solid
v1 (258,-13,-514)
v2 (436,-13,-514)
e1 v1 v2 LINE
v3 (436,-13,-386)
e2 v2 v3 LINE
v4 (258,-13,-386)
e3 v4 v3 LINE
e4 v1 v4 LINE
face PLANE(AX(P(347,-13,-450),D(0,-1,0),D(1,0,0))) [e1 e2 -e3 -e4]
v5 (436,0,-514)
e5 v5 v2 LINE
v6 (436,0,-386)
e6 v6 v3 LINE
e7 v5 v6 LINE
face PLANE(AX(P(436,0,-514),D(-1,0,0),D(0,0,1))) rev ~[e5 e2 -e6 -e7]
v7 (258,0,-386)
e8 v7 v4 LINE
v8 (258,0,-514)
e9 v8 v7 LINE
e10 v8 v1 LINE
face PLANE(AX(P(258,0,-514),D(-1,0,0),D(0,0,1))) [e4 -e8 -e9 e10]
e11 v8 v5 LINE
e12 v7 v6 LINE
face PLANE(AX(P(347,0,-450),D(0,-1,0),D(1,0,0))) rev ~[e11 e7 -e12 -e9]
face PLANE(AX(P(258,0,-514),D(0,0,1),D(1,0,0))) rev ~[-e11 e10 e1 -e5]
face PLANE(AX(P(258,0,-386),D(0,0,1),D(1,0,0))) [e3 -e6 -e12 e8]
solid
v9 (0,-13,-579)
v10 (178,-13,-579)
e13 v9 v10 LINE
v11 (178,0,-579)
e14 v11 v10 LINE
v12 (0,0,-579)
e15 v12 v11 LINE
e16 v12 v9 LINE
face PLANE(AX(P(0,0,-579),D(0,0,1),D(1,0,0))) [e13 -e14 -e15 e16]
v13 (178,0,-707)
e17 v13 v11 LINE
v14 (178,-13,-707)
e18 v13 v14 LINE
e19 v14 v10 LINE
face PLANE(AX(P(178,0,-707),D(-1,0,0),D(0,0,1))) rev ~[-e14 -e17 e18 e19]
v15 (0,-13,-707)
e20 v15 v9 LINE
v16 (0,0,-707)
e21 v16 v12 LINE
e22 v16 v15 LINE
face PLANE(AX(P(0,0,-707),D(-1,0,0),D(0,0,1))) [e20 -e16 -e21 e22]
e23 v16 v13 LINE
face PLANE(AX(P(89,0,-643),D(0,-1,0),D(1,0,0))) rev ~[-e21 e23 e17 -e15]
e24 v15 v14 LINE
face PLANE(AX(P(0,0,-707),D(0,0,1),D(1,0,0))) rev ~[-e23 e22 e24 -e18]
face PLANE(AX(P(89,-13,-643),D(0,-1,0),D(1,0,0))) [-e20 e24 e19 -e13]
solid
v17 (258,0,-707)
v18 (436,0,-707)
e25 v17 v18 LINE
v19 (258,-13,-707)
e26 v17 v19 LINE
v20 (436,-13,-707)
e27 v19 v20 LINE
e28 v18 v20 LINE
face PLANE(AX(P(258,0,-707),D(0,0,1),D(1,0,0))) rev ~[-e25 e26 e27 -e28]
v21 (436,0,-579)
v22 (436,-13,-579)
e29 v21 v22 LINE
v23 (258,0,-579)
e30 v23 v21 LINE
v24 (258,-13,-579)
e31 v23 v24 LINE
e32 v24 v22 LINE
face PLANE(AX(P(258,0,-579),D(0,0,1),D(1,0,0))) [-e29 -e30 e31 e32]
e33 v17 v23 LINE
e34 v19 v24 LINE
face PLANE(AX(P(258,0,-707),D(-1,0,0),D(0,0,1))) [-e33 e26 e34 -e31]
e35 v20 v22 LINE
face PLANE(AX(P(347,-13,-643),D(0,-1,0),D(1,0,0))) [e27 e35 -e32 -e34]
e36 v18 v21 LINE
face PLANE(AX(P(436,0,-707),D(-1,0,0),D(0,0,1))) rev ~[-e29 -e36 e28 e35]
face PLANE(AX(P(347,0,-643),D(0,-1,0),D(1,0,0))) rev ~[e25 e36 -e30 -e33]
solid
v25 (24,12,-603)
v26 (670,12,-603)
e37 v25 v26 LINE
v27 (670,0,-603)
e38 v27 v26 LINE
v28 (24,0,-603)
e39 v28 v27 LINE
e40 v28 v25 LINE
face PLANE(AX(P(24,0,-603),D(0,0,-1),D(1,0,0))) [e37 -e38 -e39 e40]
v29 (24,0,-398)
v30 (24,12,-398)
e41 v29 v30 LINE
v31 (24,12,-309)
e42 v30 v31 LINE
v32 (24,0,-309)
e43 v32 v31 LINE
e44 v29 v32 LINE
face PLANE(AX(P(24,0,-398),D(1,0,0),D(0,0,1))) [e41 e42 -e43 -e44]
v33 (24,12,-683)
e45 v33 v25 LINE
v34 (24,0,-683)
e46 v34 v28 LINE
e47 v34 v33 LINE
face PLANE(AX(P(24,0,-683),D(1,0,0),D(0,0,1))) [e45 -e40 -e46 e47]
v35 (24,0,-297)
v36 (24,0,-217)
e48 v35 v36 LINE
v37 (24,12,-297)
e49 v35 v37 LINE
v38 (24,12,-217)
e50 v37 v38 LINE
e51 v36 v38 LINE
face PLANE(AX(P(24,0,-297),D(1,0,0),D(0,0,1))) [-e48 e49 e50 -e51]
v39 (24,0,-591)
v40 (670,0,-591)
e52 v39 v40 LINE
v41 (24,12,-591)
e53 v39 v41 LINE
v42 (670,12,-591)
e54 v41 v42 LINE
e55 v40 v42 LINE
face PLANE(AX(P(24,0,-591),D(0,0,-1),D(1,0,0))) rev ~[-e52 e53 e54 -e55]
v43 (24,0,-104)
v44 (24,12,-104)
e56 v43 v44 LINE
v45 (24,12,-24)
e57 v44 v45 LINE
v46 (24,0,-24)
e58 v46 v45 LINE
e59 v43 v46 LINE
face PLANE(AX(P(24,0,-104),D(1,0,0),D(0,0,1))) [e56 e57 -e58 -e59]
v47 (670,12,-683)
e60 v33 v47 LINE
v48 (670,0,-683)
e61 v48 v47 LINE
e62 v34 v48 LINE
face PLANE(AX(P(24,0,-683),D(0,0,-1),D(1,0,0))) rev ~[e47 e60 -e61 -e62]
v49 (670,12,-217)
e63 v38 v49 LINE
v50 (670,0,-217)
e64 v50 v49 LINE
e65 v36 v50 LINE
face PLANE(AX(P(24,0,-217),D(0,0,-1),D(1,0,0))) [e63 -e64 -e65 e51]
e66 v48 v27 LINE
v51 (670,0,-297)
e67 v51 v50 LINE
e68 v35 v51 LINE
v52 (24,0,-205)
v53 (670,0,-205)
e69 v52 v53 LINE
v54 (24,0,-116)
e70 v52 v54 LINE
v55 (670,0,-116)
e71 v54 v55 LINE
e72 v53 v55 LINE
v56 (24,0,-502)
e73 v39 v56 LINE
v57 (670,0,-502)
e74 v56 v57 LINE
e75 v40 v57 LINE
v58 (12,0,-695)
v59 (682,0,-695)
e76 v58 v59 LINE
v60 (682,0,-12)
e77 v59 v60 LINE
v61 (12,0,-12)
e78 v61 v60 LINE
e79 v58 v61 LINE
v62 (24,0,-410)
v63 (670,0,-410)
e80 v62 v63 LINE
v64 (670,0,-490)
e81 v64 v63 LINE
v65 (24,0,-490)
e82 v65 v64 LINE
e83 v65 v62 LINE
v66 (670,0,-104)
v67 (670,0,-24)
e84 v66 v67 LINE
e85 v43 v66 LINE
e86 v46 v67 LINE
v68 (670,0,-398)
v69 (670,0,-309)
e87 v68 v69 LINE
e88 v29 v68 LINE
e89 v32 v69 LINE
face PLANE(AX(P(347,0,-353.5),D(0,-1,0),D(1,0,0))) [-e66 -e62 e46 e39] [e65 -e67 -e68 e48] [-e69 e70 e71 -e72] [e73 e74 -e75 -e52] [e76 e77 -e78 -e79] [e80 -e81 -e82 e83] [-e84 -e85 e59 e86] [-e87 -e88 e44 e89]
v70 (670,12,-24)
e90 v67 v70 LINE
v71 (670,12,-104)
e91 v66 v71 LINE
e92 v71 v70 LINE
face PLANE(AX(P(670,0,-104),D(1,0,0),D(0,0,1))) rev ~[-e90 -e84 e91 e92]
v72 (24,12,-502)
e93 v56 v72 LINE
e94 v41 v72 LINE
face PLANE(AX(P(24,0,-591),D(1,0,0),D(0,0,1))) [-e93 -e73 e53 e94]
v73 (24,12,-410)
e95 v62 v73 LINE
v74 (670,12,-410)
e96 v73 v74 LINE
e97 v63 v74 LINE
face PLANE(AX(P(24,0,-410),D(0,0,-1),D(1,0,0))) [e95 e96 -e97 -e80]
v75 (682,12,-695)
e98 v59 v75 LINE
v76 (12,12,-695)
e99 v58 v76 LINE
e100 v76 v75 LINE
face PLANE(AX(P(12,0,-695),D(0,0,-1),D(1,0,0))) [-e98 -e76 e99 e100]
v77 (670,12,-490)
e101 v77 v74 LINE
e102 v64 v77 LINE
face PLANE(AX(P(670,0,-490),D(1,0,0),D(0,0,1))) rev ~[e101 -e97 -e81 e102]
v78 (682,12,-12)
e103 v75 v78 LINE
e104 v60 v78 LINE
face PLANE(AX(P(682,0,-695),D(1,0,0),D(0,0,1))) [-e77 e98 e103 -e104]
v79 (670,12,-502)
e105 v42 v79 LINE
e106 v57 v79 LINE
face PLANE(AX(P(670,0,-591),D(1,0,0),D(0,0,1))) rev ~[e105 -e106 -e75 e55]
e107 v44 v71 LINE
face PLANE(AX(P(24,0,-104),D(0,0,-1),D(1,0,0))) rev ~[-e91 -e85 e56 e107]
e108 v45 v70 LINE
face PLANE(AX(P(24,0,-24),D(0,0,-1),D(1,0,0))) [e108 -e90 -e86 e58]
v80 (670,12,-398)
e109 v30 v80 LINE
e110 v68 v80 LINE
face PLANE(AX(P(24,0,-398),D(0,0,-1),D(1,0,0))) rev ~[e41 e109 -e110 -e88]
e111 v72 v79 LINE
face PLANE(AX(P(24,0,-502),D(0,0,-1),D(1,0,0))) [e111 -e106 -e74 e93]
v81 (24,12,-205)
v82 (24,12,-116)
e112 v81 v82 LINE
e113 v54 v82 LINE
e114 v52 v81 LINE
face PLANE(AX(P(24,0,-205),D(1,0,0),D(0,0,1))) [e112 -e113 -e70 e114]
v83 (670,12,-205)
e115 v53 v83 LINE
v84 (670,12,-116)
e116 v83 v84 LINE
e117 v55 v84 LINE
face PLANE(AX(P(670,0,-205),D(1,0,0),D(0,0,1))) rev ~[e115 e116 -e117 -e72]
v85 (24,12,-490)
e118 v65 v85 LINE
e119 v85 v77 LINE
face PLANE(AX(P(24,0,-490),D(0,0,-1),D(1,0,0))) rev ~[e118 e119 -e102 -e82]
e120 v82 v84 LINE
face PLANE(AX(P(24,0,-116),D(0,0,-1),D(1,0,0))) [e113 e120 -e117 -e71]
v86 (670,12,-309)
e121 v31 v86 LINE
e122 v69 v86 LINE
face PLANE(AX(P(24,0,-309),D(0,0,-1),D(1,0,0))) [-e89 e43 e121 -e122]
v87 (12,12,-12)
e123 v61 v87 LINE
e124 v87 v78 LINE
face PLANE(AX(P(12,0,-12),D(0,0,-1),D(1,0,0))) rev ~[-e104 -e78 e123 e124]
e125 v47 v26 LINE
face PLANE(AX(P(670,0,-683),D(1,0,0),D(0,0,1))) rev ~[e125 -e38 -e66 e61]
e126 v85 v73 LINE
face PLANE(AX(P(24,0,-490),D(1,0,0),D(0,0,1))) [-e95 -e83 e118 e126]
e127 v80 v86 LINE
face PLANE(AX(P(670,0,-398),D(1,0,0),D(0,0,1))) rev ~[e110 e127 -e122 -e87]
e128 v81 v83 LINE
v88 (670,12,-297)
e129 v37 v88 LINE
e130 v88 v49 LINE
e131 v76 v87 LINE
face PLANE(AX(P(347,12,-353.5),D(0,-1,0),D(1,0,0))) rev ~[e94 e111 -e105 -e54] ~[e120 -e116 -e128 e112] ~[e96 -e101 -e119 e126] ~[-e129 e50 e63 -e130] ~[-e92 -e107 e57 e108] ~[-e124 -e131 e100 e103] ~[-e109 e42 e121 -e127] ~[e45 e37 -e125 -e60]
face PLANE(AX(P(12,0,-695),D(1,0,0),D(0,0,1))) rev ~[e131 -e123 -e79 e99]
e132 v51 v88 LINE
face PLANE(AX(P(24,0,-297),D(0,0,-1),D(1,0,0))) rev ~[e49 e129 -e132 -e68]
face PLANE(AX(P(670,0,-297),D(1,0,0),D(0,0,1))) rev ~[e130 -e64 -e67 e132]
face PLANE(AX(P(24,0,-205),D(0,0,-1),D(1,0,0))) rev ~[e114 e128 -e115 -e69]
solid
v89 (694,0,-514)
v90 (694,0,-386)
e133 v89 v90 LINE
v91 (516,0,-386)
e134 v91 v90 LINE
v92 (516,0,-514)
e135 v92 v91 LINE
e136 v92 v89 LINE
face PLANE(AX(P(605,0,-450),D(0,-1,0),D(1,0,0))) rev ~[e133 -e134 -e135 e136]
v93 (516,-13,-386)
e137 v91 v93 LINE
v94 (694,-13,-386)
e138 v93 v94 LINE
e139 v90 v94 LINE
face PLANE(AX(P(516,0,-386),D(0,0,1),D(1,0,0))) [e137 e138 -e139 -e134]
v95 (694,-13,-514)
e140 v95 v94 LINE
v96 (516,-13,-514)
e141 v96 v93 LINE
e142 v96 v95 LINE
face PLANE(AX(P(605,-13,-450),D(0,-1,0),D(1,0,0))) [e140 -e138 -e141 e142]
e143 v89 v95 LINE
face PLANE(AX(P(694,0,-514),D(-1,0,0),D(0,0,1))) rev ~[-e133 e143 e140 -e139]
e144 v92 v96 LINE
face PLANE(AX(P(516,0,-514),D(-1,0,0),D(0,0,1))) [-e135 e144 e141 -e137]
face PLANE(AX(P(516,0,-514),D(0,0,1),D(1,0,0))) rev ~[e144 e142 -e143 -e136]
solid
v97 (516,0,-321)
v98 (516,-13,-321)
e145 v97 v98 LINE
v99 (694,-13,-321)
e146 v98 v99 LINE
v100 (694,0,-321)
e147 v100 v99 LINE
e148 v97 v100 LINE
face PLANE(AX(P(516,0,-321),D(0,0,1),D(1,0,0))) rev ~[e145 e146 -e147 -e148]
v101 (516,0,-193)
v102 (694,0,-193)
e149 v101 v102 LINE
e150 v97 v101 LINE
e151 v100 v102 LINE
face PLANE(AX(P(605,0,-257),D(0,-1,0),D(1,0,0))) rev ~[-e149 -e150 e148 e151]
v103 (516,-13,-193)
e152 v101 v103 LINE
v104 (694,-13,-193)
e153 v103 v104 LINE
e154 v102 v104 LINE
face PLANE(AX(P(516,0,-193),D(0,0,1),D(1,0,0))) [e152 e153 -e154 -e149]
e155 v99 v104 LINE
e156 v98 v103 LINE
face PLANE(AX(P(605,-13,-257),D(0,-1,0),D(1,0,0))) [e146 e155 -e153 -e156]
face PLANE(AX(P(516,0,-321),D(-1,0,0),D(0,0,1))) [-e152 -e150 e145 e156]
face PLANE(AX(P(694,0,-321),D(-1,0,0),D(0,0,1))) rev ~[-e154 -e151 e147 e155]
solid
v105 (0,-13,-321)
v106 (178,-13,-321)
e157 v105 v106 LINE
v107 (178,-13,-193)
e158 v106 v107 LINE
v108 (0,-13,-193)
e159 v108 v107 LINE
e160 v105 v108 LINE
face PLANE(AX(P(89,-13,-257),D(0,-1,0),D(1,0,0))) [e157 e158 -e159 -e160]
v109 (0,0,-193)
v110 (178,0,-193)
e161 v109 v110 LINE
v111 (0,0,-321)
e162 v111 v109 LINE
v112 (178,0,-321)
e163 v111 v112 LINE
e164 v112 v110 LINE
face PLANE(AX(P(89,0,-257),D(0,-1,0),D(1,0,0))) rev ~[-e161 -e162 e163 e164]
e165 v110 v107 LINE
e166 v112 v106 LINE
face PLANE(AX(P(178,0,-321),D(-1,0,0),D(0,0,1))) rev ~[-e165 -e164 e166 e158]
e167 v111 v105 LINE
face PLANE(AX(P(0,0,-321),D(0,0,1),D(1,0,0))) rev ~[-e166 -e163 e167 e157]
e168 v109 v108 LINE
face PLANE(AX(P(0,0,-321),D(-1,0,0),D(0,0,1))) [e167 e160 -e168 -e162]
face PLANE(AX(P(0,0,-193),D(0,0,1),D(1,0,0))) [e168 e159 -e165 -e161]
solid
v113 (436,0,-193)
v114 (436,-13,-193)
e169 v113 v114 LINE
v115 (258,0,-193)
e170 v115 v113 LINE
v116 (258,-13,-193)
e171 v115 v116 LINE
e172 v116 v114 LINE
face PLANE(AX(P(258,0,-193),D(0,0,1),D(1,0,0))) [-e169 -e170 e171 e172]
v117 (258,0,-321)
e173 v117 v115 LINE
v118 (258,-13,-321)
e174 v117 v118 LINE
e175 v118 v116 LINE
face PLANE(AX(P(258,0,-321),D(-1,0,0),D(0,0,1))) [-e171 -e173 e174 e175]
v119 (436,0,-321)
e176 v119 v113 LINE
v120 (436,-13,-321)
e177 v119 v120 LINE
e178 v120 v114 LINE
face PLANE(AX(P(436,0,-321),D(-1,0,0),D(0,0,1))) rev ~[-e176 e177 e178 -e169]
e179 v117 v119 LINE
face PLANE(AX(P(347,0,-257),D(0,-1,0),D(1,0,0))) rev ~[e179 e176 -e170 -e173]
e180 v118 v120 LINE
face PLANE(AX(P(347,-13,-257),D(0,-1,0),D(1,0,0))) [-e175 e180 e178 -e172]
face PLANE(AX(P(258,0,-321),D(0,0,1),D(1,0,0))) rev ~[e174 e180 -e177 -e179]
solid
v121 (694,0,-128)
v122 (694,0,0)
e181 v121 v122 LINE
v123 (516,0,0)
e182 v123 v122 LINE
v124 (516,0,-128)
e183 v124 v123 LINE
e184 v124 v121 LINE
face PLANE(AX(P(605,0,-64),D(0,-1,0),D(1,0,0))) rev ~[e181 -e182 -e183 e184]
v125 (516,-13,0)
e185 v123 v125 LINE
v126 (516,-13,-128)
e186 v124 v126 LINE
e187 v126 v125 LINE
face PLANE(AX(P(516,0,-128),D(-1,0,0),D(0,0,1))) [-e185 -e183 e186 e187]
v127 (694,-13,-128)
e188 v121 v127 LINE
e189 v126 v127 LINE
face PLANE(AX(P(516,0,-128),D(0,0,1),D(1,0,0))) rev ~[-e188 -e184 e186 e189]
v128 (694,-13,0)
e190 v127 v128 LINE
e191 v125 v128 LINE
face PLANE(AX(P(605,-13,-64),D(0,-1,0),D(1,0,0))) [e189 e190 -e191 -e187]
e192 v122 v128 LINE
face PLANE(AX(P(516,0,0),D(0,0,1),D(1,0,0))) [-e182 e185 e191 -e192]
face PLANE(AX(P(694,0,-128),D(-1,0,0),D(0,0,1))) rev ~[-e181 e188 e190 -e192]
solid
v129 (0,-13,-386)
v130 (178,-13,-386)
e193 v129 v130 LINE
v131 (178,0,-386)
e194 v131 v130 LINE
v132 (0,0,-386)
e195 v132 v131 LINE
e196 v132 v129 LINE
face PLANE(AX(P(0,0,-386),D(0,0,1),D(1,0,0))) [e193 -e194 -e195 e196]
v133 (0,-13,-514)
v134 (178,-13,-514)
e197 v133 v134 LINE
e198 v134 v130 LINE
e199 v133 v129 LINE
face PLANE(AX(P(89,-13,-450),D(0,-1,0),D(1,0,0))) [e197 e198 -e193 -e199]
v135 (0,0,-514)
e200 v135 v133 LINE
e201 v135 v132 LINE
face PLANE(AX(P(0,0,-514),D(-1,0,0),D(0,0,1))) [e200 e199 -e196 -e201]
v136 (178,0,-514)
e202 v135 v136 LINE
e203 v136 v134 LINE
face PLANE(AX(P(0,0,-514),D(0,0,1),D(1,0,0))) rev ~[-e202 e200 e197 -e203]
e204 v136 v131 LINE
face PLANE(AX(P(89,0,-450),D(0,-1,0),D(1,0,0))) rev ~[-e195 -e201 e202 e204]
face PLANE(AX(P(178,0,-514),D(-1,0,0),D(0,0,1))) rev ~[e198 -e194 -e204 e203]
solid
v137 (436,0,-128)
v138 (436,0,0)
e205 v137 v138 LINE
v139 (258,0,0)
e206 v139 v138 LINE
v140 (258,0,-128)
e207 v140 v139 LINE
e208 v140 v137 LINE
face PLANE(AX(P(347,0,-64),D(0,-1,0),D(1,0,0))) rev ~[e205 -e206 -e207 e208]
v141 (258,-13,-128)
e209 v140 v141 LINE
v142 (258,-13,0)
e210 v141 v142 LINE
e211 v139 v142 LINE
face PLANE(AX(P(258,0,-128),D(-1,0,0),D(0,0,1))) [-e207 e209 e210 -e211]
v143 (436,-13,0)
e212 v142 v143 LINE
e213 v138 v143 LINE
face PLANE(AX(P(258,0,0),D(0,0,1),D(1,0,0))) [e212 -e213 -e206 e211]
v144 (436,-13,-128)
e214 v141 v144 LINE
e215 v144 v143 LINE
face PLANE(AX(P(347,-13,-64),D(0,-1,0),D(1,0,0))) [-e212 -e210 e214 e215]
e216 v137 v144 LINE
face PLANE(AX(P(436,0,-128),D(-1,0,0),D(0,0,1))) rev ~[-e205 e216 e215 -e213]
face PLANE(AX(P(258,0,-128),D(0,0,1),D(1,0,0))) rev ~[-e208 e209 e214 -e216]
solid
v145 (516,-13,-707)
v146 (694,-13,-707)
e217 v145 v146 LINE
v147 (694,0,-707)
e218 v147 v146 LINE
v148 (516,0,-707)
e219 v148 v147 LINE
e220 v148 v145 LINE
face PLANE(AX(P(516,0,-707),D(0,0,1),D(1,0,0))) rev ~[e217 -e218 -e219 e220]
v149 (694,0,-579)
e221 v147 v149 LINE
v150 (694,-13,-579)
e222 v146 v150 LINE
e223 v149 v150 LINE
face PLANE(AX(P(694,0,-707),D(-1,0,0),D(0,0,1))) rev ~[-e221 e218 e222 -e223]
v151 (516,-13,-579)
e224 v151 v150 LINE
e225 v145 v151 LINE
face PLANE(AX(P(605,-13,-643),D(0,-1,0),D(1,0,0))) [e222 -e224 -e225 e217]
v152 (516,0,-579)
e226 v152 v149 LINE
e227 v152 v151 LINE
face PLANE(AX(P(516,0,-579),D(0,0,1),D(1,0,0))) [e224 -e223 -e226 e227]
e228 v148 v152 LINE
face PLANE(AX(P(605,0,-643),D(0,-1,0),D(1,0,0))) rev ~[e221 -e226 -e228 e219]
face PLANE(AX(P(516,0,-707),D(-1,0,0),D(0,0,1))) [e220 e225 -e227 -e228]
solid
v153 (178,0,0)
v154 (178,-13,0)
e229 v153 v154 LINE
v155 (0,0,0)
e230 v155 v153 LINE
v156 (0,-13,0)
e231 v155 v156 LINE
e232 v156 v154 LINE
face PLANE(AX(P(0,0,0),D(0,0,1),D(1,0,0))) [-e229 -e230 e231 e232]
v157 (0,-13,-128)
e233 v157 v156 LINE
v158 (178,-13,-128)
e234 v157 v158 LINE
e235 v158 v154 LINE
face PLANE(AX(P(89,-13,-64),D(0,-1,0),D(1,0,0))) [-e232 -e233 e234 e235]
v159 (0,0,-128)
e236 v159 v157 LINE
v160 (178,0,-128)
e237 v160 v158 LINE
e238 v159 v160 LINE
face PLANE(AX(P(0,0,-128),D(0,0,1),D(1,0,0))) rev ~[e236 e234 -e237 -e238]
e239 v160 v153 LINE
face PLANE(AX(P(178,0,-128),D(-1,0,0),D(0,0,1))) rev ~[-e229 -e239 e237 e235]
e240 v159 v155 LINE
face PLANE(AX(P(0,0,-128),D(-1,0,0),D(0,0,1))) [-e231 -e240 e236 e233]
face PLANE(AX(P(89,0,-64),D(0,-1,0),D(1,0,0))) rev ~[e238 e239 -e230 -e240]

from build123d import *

# Parameters (mm, degrees)
F0_W     = 670
F0_H     = 683
F0_W_2   = 646
F0_H_2   = 80
F0_H_3   = 89
F1_DEPTH = 12
F2_W     = 178
F2_H     = 128
F3_DEPTH = 13


with BuildPart() as f1:
    # F0 (on Front) → F1 (new body)
    with BuildSketch(Plane.XZ):
        with Locations((347, -353.5)):
            Rectangle(F0_W, F0_H)
        with Locations((347, -643)):
            Rectangle(F0_W_2, F0_H_2, mode=Mode.SUBTRACT)
        with Locations((347, -546.5)):
            Rectangle(F0_W_2, F0_H_3, mode=Mode.SUBTRACT)
        with Locations((347, -450)):
            Rectangle(F0_W_2, F0_H_2, mode=Mode.SUBTRACT)
        with Locations((347, -353.5)):
            Rectangle(F0_W_2, F0_H_3, mode=Mode.SUBTRACT)
        with Locations((347, -257)):
            Rectangle(F0_W_2, F0_H_2, mode=Mode.SUBTRACT)
        with Locations((347, -160.5)):
            Rectangle(F0_W_2, F0_H_3, mode=Mode.SUBTRACT)
        with Locations((347, -64)):
            Rectangle(F0_W_2, F0_H_2, mode=Mode.SUBTRACT)
    extrude(amount=-F1_DEPTH)


with BuildPart() as f3:
    # F2 (on Front) → F3 (new body)
    with BuildSketch(Plane.XZ):
        with Locations((89, -64)):
            Rectangle(F2_W, F2_H)
        with Locations((347, -64)):
            Rectangle(F2_W, F2_H)
        with Locations((605, -64)):
            Rectangle(F2_W, F2_H)
        with Locations((89, -257)):
            Rectangle(F2_W, F2_H)
        with Locations((347, -257)):
            Rectangle(F2_W, F2_H)
        with Locations((605, -257)):
            Rectangle(F2_W, F2_H)
        with Locations((89, -450)):
            Rectangle(F2_W, F2_H)
        with Locations((347, -450)):
            Rectangle(F2_W, F2_H)
        with Locations((605, -450)):
            Rectangle(F2_W, F2_H)
        with Locations((89, -643)):
            Rectangle(F2_W, F2_H)
        with Locations((347, -643)):
            Rectangle(F2_W, F2_H)
        with Locations((605, -643)):
            Rectangle(F2_W, F2_H)
    extrude(amount=F3_DEPTH)


solid = Compound([f1.part, f3.part])
